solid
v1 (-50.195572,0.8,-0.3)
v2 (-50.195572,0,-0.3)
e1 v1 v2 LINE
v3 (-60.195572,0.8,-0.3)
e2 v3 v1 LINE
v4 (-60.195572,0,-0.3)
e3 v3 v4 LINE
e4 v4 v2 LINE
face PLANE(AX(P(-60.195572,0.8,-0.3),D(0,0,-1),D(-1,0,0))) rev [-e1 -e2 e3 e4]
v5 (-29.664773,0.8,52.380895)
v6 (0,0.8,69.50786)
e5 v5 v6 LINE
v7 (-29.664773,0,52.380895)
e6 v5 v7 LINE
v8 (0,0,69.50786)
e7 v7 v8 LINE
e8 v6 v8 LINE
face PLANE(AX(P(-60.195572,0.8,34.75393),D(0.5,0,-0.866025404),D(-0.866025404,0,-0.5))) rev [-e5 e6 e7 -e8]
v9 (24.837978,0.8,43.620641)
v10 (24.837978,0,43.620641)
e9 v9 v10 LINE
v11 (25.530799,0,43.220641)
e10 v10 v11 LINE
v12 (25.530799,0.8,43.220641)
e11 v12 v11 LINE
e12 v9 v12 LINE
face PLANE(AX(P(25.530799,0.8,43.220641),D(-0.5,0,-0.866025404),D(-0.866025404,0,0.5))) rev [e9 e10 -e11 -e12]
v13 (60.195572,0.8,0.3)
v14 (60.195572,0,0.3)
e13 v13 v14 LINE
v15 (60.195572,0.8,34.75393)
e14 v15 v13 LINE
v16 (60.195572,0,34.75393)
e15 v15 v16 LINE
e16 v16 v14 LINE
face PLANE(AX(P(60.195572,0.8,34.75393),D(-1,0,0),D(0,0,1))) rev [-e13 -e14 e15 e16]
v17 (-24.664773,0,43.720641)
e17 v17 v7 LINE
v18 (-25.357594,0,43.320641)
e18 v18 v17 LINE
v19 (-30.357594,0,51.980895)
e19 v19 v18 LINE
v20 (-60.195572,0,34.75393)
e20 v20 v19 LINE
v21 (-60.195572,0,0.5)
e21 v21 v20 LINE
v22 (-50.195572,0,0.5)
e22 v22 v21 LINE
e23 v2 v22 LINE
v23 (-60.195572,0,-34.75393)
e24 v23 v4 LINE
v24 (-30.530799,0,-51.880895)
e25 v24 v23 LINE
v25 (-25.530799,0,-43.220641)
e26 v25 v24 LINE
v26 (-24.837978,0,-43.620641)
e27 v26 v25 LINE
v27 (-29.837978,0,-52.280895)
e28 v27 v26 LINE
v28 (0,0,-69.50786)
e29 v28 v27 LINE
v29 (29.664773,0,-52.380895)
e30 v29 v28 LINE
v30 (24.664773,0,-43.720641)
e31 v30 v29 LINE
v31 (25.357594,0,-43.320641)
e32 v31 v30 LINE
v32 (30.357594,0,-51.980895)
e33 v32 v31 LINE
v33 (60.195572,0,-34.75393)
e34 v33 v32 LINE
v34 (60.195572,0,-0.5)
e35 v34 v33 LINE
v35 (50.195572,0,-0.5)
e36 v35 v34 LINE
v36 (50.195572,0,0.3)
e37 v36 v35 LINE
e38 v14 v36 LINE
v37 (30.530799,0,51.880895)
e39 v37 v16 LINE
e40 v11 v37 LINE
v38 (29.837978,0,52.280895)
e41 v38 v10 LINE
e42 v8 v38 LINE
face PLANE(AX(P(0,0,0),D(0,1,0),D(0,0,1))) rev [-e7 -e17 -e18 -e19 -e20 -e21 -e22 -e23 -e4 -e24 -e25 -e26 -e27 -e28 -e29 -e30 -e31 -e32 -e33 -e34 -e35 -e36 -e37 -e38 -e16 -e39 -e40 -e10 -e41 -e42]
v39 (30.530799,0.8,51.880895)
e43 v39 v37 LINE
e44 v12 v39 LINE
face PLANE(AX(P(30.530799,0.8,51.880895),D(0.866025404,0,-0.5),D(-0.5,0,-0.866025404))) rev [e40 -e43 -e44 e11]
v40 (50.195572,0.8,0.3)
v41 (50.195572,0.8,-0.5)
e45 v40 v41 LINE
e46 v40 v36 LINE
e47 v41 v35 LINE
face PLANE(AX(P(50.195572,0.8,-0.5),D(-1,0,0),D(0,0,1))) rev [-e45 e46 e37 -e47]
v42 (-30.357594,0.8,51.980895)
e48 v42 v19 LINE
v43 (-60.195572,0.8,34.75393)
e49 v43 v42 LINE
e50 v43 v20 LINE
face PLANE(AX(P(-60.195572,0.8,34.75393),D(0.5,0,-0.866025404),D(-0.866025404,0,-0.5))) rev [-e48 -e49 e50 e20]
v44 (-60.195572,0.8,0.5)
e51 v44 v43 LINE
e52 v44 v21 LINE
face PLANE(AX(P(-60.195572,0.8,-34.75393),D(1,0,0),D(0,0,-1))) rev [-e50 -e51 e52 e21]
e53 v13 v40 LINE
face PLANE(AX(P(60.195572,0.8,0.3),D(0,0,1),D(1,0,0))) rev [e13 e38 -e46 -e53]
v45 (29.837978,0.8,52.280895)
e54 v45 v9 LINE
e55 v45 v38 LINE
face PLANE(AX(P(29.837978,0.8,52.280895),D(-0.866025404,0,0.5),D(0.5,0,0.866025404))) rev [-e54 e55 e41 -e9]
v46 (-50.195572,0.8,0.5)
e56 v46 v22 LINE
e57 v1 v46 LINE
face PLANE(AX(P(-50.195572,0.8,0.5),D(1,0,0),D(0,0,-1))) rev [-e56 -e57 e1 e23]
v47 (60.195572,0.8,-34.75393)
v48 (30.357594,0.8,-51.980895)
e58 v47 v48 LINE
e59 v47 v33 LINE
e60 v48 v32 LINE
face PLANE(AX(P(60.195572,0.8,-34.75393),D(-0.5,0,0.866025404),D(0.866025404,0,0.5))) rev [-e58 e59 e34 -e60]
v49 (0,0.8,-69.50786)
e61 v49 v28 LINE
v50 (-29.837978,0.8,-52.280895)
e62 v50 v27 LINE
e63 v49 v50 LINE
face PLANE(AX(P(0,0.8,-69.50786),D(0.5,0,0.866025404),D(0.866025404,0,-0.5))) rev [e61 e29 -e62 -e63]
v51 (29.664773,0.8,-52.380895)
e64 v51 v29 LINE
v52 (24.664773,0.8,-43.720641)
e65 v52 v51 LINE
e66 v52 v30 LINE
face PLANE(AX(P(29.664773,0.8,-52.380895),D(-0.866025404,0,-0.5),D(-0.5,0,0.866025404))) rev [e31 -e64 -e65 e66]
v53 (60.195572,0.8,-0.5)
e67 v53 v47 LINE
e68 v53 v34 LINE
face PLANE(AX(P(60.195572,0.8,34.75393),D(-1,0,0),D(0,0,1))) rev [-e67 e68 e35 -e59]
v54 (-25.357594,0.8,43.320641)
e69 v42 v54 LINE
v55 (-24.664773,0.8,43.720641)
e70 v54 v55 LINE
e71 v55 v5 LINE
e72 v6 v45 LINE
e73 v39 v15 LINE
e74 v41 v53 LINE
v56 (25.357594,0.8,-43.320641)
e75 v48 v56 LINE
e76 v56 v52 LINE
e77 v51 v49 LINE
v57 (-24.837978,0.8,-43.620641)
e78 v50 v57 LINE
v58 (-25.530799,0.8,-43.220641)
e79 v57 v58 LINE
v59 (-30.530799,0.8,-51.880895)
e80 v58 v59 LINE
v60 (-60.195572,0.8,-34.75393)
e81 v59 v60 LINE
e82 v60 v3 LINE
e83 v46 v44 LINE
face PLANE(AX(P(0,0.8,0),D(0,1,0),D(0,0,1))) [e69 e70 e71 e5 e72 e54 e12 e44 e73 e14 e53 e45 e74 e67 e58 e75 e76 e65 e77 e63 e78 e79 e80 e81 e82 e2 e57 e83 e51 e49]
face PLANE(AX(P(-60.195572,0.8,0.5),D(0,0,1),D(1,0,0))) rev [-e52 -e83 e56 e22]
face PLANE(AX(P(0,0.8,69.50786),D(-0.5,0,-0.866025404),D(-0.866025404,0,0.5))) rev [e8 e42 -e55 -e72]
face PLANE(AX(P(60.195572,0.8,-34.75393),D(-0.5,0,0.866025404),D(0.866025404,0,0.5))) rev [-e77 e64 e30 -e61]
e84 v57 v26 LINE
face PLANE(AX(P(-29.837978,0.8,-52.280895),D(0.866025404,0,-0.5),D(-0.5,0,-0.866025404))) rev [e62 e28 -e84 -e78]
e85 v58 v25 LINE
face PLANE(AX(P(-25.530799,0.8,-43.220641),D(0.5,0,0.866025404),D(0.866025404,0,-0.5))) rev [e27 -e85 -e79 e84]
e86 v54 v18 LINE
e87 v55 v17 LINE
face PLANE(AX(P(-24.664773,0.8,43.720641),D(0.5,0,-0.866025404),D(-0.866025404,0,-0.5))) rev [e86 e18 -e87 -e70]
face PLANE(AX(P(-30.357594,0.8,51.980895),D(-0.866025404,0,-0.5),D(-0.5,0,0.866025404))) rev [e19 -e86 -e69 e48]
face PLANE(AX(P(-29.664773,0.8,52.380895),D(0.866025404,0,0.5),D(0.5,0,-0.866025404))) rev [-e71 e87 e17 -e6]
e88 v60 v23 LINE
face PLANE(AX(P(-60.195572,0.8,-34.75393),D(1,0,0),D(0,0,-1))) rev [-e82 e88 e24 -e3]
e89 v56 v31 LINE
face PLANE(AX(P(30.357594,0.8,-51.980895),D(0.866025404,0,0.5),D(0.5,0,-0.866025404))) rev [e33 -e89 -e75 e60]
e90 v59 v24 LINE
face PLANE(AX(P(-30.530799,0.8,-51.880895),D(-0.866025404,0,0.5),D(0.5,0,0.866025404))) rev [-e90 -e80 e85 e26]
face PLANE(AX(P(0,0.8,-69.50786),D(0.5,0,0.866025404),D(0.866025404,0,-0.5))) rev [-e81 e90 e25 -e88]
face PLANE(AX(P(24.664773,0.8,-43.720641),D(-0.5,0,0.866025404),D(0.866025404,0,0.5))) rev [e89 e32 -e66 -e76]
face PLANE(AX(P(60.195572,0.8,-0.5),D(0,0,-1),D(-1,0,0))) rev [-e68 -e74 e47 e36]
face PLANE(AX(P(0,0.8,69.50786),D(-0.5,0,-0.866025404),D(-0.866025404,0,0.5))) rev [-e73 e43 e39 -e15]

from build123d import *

# Parameters (mm, degrees)
BOSS_EXTRUDE1_DEPTH = 0.8
SKETCH3_W           = 10
SKETCH3_H           = 0.8
CUT_EXTRUDE1_DEPTH  = 1.8


with BuildPart() as part:
    # Sketch2 → Boss-Extrude1 (new body)
    with BuildSketch(Plane(origin=(0, 0, 0), x_dir=(1, 0, 0), z_dir=(0, 1, 0))):
        Polygon((0, 69.507859614), (-60.195572189, 34.753929807), (-60.195572189, -34.753929807), (0, -69.507859614), (60.195572189, -34.753929807), (60.195572189, 34.753929807), align=None)
    extrude(amount=BOSS_EXTRUDE1_DEPTH)

    # Sketch3 → Cut-Extrude1 (cut, through all)
    with BuildSketch(Plane.XZ):
        Polygon((29.664773392, -52.380894711), (24.664773392, -43.720640673), (25.357593716, -43.320640673), (30.357593716, -51.980894711), align=None)
        with Locations((55.195572189, -0.1)):
            Rectangle(SKETCH3_W, SKETCH3_H)
        Polygon((-30.530798796, -51.880894711), (-25.530798796, -43.220640673), (-24.837978473, -43.620640673), (-29.837978473, -52.280894711), align=None)
        with Locations((-55.195572189, 0.1)):
            Rectangle(SKETCH3_W, SKETCH3_H)
        Polygon((-29.664773392, 52.380894711), (-24.664773392, 43.720640673), (-25.357593716, 43.320640673), (-30.357593716, 51.980894711), align=None)
        Polygon((30.530798796, 51.880894711), (25.530798796, 43.220640673), (24.837978473, 43.620640673), (29.837978473, 52.280894711), align=None)
    extrude(amount=-CUT_EXTRUDE1_DEPTH, mode=Mode.SUBTRACT)


solid = part.part
